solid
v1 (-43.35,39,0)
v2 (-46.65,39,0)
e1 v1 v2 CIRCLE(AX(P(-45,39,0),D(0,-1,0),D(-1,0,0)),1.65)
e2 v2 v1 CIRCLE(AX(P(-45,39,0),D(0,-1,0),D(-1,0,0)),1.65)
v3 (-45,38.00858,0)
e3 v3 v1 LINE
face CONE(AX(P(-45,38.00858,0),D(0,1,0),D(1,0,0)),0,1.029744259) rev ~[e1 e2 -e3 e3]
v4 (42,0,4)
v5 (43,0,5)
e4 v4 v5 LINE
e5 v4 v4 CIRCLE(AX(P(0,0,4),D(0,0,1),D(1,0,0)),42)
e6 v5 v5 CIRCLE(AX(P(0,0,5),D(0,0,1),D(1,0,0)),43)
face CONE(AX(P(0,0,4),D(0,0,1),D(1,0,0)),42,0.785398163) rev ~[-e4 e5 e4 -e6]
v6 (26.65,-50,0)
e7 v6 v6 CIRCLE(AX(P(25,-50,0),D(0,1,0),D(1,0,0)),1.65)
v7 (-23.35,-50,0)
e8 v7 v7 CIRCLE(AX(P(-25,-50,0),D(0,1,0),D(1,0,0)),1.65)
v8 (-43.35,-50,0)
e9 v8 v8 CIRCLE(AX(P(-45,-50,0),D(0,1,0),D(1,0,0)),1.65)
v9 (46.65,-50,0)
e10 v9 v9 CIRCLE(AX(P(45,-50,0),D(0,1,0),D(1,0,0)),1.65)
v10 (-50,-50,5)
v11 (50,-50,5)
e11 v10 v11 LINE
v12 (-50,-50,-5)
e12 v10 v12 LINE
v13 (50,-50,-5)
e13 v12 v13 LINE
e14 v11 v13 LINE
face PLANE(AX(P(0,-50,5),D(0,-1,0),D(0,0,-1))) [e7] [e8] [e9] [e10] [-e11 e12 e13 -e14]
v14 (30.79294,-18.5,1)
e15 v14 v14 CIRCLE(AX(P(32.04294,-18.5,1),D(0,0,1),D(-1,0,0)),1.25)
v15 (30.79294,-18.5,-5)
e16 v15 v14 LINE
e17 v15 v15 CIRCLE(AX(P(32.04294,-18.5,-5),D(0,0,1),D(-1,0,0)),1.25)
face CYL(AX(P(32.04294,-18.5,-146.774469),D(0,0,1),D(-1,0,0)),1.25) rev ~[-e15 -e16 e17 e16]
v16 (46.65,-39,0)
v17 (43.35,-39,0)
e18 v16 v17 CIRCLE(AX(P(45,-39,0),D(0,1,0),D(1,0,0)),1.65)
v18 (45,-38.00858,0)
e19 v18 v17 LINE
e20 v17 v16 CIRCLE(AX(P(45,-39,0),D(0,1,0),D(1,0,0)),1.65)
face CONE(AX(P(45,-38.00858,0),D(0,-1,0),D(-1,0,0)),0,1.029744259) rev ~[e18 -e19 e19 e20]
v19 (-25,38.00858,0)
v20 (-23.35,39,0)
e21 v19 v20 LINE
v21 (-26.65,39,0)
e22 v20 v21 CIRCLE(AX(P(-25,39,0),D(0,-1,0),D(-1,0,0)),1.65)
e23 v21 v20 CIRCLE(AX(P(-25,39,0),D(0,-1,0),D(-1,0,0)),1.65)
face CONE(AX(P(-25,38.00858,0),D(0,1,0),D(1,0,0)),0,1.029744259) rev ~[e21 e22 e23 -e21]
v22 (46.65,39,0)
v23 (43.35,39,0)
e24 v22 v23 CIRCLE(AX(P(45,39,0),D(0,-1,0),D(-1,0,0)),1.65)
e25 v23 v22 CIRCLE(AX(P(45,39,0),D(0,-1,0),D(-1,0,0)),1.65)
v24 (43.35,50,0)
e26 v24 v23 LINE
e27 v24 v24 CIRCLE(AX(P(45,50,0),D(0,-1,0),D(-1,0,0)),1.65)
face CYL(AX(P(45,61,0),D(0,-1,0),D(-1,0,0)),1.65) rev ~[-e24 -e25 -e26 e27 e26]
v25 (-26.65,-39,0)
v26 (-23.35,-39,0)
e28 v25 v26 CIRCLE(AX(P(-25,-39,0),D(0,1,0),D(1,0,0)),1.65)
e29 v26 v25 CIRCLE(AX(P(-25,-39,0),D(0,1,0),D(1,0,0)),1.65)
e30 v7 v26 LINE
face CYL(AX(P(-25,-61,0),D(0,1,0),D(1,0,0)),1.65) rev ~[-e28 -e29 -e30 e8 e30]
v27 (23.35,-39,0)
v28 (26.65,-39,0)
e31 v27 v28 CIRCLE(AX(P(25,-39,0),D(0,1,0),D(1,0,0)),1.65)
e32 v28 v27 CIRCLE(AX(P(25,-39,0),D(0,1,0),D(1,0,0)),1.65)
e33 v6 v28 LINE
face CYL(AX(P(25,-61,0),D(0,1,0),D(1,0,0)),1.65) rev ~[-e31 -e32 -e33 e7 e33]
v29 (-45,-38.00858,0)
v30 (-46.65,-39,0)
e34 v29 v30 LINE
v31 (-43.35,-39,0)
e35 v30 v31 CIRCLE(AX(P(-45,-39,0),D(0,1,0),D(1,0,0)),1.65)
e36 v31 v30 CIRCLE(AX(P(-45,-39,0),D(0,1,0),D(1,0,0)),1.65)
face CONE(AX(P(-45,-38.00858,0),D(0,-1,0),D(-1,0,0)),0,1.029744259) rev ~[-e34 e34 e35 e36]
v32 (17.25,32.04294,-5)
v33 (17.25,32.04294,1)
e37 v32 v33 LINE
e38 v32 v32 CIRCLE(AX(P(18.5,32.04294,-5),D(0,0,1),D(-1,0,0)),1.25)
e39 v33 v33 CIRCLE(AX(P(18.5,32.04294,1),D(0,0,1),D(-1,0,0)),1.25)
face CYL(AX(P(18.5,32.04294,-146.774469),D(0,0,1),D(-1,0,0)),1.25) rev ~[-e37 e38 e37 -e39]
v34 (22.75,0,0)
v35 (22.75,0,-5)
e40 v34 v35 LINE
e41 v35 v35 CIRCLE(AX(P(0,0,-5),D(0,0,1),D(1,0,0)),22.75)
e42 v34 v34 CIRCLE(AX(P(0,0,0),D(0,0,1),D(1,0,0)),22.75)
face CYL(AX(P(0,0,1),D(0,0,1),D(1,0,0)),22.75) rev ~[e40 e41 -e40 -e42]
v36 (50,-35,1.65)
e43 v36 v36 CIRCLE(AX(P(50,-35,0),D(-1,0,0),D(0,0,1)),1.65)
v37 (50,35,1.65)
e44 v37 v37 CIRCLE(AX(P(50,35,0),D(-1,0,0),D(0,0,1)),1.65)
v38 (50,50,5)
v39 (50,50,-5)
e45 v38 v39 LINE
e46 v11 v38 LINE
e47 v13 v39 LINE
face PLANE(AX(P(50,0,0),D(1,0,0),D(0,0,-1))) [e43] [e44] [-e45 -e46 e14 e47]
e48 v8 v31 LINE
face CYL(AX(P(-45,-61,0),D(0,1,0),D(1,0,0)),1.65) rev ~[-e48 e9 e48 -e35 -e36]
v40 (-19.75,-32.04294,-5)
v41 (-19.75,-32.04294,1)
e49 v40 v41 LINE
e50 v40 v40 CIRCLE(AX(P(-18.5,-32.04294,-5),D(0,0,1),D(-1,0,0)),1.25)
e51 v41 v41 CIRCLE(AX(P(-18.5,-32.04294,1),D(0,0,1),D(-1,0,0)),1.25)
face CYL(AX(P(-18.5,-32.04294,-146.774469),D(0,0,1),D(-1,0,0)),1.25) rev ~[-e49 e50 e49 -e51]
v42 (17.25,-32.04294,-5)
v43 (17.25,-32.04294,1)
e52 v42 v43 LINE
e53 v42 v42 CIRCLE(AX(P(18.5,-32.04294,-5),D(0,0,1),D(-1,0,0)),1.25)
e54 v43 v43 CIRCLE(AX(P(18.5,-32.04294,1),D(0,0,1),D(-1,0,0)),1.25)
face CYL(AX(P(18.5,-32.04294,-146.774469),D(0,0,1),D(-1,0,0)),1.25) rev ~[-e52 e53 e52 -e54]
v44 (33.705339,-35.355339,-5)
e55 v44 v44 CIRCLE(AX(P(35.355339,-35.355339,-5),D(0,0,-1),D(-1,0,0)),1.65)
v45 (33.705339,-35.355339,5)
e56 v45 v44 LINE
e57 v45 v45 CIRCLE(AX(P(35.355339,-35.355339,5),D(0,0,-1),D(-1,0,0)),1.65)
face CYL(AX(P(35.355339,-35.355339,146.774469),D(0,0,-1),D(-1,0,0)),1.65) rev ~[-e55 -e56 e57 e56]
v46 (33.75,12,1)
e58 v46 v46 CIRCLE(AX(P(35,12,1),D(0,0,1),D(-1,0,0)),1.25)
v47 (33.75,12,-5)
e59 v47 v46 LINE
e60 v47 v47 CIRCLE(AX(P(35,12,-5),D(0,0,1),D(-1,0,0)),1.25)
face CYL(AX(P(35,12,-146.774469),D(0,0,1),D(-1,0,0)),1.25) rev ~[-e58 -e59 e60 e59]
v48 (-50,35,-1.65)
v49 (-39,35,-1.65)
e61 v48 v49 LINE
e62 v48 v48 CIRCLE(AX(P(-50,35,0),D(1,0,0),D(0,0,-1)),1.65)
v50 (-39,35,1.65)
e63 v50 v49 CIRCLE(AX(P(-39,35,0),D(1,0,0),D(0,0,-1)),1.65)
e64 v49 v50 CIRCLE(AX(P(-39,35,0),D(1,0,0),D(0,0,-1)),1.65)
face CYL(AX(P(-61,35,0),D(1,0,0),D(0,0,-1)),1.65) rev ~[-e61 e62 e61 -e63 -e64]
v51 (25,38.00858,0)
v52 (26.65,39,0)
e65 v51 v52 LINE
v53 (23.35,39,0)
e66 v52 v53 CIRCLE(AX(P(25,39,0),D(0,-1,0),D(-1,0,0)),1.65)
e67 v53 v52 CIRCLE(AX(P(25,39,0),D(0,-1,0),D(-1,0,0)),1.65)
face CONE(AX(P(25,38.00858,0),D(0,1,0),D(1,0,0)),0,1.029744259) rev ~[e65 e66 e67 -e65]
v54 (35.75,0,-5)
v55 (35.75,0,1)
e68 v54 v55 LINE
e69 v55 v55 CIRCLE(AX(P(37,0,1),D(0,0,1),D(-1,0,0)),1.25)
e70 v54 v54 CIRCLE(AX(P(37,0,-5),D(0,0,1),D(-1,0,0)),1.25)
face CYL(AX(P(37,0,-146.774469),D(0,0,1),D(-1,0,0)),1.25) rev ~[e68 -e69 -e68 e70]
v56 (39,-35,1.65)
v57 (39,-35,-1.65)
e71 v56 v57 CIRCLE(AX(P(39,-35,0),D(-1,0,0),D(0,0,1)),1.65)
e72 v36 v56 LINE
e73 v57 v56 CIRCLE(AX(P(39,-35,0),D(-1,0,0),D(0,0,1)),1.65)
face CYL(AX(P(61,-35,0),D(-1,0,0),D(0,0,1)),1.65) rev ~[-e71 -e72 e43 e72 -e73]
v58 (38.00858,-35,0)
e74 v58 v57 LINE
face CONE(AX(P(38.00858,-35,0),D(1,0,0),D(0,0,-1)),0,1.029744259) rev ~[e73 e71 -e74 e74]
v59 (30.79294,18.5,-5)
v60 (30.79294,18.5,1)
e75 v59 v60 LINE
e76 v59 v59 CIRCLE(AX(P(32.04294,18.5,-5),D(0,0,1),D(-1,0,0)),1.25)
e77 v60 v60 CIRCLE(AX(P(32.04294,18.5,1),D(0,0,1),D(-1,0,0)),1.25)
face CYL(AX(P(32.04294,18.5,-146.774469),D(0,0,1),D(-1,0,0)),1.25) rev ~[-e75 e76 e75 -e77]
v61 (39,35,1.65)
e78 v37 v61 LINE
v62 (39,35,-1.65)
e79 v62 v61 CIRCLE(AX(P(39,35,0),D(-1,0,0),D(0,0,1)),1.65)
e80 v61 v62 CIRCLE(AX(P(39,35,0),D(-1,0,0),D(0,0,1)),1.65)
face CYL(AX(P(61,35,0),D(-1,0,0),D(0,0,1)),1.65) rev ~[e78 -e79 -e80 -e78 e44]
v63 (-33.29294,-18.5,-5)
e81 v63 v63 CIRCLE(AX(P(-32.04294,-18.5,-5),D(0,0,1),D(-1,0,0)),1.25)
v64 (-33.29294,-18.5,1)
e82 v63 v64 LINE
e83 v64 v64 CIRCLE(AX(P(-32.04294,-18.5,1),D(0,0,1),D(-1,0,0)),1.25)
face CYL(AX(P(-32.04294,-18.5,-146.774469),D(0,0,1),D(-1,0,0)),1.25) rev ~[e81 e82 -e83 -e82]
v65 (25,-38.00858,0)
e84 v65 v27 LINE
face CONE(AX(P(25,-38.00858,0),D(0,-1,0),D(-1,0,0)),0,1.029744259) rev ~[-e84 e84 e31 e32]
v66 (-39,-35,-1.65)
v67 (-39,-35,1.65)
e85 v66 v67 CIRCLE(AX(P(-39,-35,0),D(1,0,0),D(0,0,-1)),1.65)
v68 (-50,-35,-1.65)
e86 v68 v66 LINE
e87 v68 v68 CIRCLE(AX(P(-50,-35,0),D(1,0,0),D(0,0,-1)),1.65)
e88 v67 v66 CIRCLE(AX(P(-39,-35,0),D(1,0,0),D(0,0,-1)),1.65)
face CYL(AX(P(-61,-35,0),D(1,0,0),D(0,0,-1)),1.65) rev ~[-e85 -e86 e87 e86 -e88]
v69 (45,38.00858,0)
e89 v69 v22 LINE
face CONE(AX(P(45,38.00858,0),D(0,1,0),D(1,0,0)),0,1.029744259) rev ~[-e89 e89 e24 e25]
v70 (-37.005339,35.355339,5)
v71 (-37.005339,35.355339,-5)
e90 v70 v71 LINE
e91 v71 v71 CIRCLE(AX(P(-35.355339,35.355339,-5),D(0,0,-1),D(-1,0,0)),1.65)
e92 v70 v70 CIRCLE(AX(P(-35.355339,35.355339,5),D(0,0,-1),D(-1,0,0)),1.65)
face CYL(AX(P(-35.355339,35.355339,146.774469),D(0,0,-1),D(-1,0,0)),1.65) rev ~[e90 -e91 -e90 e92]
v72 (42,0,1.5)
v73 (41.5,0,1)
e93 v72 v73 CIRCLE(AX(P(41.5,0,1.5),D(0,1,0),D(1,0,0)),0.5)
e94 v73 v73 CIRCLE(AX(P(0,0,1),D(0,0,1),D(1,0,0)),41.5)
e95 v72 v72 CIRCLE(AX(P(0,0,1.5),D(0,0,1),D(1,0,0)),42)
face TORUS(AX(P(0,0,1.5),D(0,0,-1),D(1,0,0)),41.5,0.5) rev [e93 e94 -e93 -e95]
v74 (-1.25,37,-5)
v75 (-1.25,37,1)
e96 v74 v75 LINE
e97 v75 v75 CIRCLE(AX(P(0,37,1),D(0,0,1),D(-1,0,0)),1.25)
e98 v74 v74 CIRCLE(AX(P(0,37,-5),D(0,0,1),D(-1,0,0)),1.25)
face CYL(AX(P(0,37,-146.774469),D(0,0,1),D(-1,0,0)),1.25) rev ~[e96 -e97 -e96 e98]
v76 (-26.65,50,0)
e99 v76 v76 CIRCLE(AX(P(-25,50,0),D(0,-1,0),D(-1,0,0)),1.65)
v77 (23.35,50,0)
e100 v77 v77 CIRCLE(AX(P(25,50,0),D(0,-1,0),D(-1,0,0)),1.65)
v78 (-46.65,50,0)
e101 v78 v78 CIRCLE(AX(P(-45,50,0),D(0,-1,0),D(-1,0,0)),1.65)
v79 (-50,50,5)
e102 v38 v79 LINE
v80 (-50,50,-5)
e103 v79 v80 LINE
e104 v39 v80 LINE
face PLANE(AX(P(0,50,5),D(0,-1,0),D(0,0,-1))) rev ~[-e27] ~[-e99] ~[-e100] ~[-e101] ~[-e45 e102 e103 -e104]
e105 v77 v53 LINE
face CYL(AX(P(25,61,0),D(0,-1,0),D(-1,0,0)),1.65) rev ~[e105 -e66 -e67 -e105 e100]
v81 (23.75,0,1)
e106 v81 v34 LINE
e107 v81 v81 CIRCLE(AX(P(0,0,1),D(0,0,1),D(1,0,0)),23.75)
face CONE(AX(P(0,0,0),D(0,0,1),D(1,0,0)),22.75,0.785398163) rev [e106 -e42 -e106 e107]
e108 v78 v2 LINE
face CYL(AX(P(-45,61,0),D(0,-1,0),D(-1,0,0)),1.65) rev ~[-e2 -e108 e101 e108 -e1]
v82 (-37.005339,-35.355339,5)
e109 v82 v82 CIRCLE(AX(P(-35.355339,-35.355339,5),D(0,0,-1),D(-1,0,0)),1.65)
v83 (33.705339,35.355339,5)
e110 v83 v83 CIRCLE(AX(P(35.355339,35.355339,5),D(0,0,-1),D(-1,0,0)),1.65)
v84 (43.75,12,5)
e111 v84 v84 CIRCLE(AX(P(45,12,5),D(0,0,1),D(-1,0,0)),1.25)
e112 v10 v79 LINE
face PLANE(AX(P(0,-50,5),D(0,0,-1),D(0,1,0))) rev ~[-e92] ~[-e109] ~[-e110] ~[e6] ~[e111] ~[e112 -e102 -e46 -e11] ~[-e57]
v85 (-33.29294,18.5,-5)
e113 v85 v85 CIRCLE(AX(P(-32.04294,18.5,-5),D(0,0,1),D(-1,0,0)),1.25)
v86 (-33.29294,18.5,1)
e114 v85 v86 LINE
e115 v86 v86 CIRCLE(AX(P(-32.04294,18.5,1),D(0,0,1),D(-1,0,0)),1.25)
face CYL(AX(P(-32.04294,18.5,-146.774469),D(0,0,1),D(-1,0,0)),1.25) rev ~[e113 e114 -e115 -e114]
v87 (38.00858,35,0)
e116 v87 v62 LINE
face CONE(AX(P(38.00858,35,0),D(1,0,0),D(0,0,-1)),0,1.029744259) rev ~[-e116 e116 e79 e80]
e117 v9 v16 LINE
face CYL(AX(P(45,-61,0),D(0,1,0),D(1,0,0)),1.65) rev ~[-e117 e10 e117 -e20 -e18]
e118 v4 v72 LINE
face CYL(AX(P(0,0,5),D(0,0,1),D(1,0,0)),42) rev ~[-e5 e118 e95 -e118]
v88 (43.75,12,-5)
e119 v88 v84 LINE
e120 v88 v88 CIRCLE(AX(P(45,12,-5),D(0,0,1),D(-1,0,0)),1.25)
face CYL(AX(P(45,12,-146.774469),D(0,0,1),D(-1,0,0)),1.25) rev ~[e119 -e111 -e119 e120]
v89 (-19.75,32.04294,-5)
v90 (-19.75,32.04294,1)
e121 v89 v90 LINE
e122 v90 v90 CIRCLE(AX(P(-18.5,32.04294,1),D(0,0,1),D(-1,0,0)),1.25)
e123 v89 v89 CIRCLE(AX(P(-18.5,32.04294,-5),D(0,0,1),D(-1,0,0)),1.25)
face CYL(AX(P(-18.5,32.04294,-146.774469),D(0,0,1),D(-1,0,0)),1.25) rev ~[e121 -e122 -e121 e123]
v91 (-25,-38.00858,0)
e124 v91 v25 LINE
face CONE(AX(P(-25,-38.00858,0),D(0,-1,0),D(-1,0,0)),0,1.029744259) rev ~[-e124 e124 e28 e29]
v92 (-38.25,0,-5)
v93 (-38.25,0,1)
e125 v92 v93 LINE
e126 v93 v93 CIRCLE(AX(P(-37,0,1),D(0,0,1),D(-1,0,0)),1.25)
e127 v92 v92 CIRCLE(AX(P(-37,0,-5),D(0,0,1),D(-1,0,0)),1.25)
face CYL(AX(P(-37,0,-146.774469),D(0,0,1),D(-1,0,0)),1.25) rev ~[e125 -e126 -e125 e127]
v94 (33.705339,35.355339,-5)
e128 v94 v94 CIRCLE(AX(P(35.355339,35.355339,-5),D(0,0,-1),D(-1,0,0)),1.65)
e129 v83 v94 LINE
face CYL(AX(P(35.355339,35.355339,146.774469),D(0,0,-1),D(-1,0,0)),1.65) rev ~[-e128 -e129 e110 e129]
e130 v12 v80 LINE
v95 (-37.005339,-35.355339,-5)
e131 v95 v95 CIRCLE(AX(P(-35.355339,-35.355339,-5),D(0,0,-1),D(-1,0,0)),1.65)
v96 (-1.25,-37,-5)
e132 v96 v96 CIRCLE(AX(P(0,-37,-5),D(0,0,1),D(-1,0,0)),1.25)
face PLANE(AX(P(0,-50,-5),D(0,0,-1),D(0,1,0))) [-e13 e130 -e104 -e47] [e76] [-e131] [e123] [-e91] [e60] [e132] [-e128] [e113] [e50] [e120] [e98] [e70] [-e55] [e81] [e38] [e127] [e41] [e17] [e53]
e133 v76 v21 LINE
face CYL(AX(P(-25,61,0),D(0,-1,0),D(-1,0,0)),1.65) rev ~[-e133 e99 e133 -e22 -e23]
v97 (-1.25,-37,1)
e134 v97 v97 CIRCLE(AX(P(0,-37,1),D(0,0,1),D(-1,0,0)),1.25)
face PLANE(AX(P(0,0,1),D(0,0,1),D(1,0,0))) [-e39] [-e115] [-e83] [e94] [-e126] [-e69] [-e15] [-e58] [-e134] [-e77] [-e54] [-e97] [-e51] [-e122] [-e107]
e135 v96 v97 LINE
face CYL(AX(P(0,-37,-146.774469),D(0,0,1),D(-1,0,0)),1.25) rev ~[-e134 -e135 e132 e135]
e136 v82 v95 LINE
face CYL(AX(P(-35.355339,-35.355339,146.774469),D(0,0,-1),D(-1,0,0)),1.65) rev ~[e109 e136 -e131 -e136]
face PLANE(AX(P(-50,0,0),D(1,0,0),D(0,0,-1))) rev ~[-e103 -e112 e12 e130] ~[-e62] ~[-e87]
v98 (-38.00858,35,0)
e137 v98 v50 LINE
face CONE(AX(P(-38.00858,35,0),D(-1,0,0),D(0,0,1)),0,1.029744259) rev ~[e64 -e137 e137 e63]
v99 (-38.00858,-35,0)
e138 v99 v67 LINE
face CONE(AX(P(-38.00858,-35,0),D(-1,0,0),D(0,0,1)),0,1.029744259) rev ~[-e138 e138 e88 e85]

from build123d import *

# Parameters (mm, degrees)
SKETCH1_W             = 10
SKETCH1_H             = 100
BOSS_EXTRUDE1_DEPTH   = 50
SKETCH2_R             = 42
CUT_EXTRUDE1_DEPTH    = 4
CUT_EXTRUDE3_REACH    = 72.965
SKETCH4_R             = 22.75
M3_TAPPED_HOLE1_D     = 2.5
FILLET3_R             = 0.5
CHAMFER1_SIZE         = 1
M4_TAPPED_HOLE1_D     = 3.3
M4_TAPPED_HOLE1_DEPTH = 11
M4_TAPPED_HOLE1_TIP   = 0.991420021
M4_TAPPED_HOLE2_D     = 3.3
M4_TAPPED_HOLE2_DEPTH = 11
M4_TAPPED_HOLE2_TIP   = 0.991420021
M4_TAPPED_HOLE3_D     = 3.3
M4_TAPPED_HOLE3_DEPTH = 11
M4_TAPPED_HOLE3_TIP   = 0.991420021
M4_TAPPED_HOLE4_D     = 3.3
M4_TAPPED_HOLE4_DEPTH = 11
M4_TAPPED_HOLE4_TIP   = 0.991420021
M4_TAPPED_HOLE5_D     = 3.3


with BuildPart() as part:
    # Sketch1 → Boss-Extrude1 (new, symmetric)
    with BuildSketch(Plane(origin=(0, 0, 0), x_dir=(0, 0, -1), z_dir=(1, 0, 0))):
        Rectangle(SKETCH1_W, SKETCH1_H)
    extrude(amount=BOSS_EXTRUDE1_DEPTH, both=True)

    # Sketch2 → Cut-Extrude1 (cut)
    with BuildSketch(Plane.XY.offset(5)):
        Circle(SKETCH2_R)
    extrude(amount=-CUT_EXTRUDE1_DEPTH, mode=Mode.SUBTRACT)

    # Sketch4 → Cut-Extrude3 (cut, up to next)
    with BuildSketch(Plane.XY.offset(1), mode=Mode.PRIVATE) as cut_extrude3_sk1:
        Circle(SKETCH4_R)
    cut_extrude3_tool1 = extrude(cut_extrude3_sk1.sketch, amount=-CUT_EXTRUDE3_REACH, mode=Mode.PRIVATE) & part.part
    add(cut_extrude3_tool1.solids().sort_by_distance((0, 0, 1))[0], mode=Mode.SUBTRACT)

    # M3 Tapped Hole1 (through all)
    with Locations(Plane(origin=(0, 0, -5), x_dir=(1, 0, 0), z_dir=(0, 0, -1))):
        with Locations((35, -12), (-37, 0), (37, 0), (18.5, -32.04293994), (-32.04293994, -18.5), (32.04293994, 18.5), (-18.5, 32.04293994), (0, -37), (0, 37), (-18.5, -32.04293994), (18.5, 32.04293994), (32.04293994, -18.5), (-32.04293994, 18.5), (45, -12)):
            Hole(M3_TAPPED_HOLE1_D / 2)

    # Fillet3
    fillet3_edges = [part.edges().sort_by_distance(p)[0] for p in [
        (-42, 0, 1),
    ]]
    fillet(fillet3_edges, radius=FILLET3_R)

    # Chamfer1
    chamfer1_edges = [part.edges().sort_by_distance(p)[0] for p in [
        (-42, 0, 5),
        (-22.75, 0, 1),
    ]]
    chamfer(chamfer1_edges, length=CHAMFER1_SIZE)

    # M4 Tapped Hole1
    with Locations(Plane(origin=(0, 50, 0), x_dir=(1, 0, 0), z_dir=(0, 1, 0))):
        with Locations((-45, 0), (-25, 0), (25, 0), (45, 0)):
            Hole(M4_TAPPED_HOLE1_D / 2, depth=M4_TAPPED_HOLE1_DEPTH)
            with Locations((0, 0, -(M4_TAPPED_HOLE1_DEPTH + M4_TAPPED_HOLE1_TIP / 2))):  # 118° drill point
                Cone(0, M4_TAPPED_HOLE1_D / 2, M4_TAPPED_HOLE1_TIP, mode=Mode.SUBTRACT)

    # M4 Tapped Hole2
    with Locations(Plane(origin=(0, -50, 0), x_dir=(-1, 0, 0), z_dir=(0, -1, 0))):
        with Locations((45, 0), (25, 0), (-25, 0), (-45, 0)):
            Hole(M4_TAPPED_HOLE2_D / 2, depth=M4_TAPPED_HOLE2_DEPTH)
            with Locations((0, 0, -(M4_TAPPED_HOLE2_DEPTH + M4_TAPPED_HOLE2_TIP / 2))):  # 118° drill point
                Cone(0, M4_TAPPED_HOLE2_D / 2, M4_TAPPED_HOLE2_TIP, mode=Mode.SUBTRACT)

    # M4 Tapped Hole3
    with Locations(Plane(origin=(50, 0, 0), x_dir=(0, 0, -1), z_dir=(1, 0, 0))):
        with Locations((0, 35), (0, -35)):
            Hole(M4_TAPPED_HOLE3_D / 2, depth=M4_TAPPED_HOLE3_DEPTH)
            with Locations((0, 0, -(M4_TAPPED_HOLE3_DEPTH + M4_TAPPED_HOLE3_TIP / 2))):  # 118° drill point
                Cone(0, M4_TAPPED_HOLE3_D / 2, M4_TAPPED_HOLE3_TIP, mode=Mode.SUBTRACT)

    # M4 Tapped Hole4
    with Locations(Plane.ZY.offset(50)):
        with Locations((0, 35), (0, -35)):
            Hole(M4_TAPPED_HOLE4_D / 2, depth=M4_TAPPED_HOLE4_DEPTH)
            with Locations((0, 0, -(M4_TAPPED_HOLE4_DEPTH + M4_TAPPED_HOLE4_TIP / 2))):  # 118° drill point
                Cone(0, M4_TAPPED_HOLE4_D / 2, M4_TAPPED_HOLE4_TIP, mode=Mode.SUBTRACT)

    # M4 Tapped Hole5 (through all)
    with Locations(Plane.XY.offset(5)):
        with Locations((-35.355339059, 35.355339059), (35.355339059, -35.355339059), (35.355339059, 35.355339059), (-35.355339059, -35.355339059)):
            Hole(M4_TAPPED_HOLE5_D / 2)


solid = part.part
